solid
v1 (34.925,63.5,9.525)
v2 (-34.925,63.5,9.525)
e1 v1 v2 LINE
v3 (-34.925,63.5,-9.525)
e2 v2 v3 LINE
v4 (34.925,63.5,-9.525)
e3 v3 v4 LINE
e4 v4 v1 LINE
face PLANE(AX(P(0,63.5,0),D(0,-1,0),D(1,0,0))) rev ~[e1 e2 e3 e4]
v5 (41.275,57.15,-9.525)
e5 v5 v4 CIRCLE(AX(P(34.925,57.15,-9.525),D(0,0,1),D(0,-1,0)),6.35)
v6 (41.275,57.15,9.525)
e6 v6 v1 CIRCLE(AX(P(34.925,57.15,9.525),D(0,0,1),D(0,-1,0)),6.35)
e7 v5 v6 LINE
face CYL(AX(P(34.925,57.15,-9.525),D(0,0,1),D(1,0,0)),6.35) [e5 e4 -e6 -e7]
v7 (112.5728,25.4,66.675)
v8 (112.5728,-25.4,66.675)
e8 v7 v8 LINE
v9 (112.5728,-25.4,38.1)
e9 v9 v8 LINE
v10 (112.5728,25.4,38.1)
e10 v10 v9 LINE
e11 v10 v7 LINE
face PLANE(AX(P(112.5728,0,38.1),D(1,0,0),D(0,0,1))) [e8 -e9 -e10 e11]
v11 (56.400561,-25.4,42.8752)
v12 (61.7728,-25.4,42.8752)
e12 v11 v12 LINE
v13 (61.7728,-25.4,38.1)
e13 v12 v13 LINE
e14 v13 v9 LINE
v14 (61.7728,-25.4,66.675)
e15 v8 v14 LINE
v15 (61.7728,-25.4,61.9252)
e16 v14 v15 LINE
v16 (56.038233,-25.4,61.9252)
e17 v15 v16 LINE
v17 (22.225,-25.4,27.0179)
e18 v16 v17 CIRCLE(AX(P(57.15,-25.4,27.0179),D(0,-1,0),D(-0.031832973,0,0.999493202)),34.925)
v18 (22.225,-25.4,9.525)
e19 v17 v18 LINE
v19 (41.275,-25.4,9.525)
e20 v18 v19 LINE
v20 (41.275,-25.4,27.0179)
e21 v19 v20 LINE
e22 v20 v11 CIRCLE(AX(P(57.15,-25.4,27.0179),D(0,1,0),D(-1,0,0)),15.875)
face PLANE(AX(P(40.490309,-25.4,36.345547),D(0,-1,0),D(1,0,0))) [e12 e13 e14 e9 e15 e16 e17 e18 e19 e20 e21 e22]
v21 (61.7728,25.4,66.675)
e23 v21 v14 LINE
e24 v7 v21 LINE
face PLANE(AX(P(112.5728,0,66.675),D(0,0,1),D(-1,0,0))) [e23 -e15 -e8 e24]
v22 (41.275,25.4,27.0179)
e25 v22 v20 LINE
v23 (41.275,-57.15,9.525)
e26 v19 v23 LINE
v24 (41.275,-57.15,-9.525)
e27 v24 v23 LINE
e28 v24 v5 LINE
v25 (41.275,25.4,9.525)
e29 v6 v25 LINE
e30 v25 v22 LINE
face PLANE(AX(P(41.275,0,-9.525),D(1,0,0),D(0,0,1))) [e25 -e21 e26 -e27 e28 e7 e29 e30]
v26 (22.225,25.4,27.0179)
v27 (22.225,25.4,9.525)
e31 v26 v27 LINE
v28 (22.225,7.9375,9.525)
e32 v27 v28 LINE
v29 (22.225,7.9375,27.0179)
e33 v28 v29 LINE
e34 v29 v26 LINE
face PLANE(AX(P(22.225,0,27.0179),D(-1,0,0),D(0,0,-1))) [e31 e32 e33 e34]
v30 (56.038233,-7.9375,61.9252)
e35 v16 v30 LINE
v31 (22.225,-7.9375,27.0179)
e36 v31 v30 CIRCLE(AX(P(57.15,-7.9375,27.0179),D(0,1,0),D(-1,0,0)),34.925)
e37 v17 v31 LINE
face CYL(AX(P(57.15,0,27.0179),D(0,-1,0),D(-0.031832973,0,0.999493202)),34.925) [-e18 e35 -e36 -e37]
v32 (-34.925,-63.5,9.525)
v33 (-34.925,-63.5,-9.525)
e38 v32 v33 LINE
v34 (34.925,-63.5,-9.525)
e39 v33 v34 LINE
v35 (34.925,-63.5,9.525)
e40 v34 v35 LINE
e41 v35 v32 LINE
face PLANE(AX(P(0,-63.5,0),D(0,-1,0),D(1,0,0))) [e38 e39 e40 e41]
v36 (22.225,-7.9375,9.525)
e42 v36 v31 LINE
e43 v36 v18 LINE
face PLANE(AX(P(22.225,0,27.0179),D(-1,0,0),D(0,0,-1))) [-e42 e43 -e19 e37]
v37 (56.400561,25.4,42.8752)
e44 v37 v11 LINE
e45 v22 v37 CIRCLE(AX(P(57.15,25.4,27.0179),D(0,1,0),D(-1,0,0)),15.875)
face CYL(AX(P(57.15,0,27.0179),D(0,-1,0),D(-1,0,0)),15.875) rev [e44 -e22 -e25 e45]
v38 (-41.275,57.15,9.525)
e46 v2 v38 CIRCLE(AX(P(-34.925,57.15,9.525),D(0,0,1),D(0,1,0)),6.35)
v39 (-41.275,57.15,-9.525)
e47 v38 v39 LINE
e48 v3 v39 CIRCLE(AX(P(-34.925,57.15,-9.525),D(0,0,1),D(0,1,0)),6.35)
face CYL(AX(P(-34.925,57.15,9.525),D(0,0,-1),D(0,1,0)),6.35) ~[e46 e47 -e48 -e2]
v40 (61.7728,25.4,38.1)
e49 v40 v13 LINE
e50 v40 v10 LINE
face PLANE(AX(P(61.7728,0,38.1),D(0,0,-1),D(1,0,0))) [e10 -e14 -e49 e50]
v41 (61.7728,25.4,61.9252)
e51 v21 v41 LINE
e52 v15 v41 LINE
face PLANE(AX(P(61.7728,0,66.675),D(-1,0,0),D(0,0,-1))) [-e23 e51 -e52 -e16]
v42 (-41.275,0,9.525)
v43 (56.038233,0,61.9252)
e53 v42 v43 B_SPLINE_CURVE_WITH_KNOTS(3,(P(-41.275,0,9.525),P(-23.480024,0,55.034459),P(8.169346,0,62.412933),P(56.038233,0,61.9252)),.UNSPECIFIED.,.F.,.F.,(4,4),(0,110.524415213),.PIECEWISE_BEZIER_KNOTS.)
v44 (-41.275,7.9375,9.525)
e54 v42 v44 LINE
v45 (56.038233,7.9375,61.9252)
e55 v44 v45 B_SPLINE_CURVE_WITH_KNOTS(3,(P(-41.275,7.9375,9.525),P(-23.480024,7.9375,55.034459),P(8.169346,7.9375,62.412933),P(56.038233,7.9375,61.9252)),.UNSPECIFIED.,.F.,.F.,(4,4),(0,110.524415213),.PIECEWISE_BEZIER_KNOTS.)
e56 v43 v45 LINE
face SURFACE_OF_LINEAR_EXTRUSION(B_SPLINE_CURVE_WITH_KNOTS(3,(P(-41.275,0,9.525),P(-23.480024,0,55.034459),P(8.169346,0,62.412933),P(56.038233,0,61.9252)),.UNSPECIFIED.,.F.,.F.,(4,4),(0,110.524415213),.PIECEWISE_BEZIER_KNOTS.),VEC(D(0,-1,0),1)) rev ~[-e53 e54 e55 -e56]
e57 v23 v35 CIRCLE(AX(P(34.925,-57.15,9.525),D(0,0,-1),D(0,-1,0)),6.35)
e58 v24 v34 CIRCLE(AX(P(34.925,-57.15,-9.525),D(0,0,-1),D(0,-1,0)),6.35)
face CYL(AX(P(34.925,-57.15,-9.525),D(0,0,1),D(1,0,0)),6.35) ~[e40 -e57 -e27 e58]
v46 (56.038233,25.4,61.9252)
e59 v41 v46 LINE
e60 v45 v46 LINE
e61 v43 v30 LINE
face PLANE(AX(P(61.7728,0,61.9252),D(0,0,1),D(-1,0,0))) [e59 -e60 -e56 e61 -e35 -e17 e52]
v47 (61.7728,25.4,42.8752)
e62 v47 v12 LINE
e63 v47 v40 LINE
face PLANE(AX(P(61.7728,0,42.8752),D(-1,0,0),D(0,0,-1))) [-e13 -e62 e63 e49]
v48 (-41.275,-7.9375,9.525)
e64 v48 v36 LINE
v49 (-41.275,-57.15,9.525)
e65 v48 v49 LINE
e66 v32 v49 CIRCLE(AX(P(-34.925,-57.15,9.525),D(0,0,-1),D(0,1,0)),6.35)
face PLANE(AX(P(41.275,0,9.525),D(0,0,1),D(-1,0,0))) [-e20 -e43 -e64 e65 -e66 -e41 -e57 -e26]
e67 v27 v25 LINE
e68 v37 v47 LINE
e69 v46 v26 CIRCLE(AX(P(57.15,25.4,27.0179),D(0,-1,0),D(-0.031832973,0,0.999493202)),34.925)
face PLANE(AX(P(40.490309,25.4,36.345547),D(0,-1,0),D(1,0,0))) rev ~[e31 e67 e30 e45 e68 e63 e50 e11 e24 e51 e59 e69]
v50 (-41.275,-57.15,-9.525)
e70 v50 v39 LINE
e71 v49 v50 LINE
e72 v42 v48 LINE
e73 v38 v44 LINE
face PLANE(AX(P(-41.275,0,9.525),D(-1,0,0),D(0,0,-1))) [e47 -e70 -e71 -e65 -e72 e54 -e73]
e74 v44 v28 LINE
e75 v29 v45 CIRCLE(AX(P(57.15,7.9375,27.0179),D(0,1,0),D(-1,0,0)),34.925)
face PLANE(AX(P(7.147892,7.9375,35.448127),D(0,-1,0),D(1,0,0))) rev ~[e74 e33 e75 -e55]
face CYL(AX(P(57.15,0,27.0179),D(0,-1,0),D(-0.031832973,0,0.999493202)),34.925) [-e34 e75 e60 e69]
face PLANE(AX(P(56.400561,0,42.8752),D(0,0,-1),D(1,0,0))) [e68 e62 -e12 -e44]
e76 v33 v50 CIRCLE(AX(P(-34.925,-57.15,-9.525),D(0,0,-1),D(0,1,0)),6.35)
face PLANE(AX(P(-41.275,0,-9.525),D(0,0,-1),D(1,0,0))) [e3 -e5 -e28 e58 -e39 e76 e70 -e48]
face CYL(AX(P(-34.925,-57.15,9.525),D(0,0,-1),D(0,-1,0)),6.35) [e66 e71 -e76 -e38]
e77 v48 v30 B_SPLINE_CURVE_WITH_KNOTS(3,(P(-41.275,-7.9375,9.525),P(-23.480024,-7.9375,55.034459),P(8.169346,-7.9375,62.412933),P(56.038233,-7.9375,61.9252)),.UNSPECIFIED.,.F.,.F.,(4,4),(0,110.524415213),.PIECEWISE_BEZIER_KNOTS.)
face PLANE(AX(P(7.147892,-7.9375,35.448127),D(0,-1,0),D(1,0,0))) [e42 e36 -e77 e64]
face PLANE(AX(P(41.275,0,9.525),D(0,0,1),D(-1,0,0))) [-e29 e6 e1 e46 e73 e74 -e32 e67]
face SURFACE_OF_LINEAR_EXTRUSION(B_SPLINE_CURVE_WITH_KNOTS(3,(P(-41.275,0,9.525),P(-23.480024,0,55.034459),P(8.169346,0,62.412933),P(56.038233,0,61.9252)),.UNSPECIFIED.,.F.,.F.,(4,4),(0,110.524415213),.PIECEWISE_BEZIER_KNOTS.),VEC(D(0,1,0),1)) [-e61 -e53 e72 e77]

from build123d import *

# Parameters (mm, degrees)
F1_DEPTH = 63.5
F0_W     = 11.7803301271
F0_H     = 19.05
F2_DEPTH = 25.4
F3_DEPTH = 7.9375
F4_R     = 6.35


with BuildPart() as f1:
    # F0 (on Front) → F1 (new body, symmetric)
    with BuildSketch(Plane.XZ):
        Polygon((41.275, -9.525), (41.275, 9.525), (22.225, 9.525), (-41.275, 9.525), (-41.275, -9.525), align=None)
    extrude(amount=F1_DEPTH, both=True)

    # F0 (on Front) → F2 (join, symmetric)
    with BuildSketch(Plane.XZ):
        with BuildLine():
            Line((22.225, 9.525), (41.275, 9.525))
            Line((41.275, 9.525), (41.275, 27.0178999029))
            ThreePointArc((41.275, 27.0178999029), (45.6627686716, 37.9750501441), (56.4005611221, 42.8752))
            Line((56.4005611221, 42.8752), (61.7728, 42.8752))
            Line((61.7728, 42.8752), (61.7728, 61.9252))
            Line((61.7728, 61.9252), (56.0382334177, 61.9252))
            ThreePointArc((56.0382334177, 61.9252), (32.0643061399, 51.3173564515), (22.225, 27.0178999029))
            Line((22.225, 27.0178999029), (22.225, 9.525))
        make_face()
        Polygon((87.1728, 52.3875), (87.1728, 38.1), (112.5728, 38.1), (112.5728, 66.675), (87.1728, 66.675), align=None)
        Polygon((73.5531301271, 42.8752), (61.7728, 42.8752), (61.7728, 38.1), (87.1728, 38.1), (87.1728, 52.3875), (87.1728, 66.675), (61.7728, 66.675), (61.7728, 61.9252), (73.5531301271, 61.9252), align=None)
        with Locations((67.6629650635, 52.4002)):
            Rectangle(F0_W, F0_H)
    extrude(amount=F2_DEPTH, both=True)

    # F0 (on Front) → F3 (join, symmetric)
    with BuildSketch(Plane.XZ):
        with BuildLine():
            Line((-41.275, 9.525), (22.225, 9.525))
            Line((22.225, 9.525), (22.225, 27.0178999029))
            ThreePointArc((22.225, 27.0178999029), (32.0643061399, 51.3173564515), (56.0382334177, 61.9252))
            add(Edge.make_bspline(
                [(-41.275, 9.525), (-23.4800241888, 55.0344586372), (8.1693455577, 62.4129325151), (56.0382334177, 61.9252)],
                knots=[0, 0, 0, 0, 110.5244152133, 110.5244152133, 110.5244152133, 110.5244152133], degree=3))
        make_face()
    extrude(amount=F3_DEPTH, both=True)

    # F4
    f4_edges = [f1.edges().sort_by_distance(p)[0] for p in [
        (41.275, -63.5, 0),
        (41.275, 63.5, 0),
        (-41.275, -63.5, 0),
        (-41.275, 63.5, 0),
    ]]
    fillet(f4_edges, radius=F4_R)


solid = f1.part
